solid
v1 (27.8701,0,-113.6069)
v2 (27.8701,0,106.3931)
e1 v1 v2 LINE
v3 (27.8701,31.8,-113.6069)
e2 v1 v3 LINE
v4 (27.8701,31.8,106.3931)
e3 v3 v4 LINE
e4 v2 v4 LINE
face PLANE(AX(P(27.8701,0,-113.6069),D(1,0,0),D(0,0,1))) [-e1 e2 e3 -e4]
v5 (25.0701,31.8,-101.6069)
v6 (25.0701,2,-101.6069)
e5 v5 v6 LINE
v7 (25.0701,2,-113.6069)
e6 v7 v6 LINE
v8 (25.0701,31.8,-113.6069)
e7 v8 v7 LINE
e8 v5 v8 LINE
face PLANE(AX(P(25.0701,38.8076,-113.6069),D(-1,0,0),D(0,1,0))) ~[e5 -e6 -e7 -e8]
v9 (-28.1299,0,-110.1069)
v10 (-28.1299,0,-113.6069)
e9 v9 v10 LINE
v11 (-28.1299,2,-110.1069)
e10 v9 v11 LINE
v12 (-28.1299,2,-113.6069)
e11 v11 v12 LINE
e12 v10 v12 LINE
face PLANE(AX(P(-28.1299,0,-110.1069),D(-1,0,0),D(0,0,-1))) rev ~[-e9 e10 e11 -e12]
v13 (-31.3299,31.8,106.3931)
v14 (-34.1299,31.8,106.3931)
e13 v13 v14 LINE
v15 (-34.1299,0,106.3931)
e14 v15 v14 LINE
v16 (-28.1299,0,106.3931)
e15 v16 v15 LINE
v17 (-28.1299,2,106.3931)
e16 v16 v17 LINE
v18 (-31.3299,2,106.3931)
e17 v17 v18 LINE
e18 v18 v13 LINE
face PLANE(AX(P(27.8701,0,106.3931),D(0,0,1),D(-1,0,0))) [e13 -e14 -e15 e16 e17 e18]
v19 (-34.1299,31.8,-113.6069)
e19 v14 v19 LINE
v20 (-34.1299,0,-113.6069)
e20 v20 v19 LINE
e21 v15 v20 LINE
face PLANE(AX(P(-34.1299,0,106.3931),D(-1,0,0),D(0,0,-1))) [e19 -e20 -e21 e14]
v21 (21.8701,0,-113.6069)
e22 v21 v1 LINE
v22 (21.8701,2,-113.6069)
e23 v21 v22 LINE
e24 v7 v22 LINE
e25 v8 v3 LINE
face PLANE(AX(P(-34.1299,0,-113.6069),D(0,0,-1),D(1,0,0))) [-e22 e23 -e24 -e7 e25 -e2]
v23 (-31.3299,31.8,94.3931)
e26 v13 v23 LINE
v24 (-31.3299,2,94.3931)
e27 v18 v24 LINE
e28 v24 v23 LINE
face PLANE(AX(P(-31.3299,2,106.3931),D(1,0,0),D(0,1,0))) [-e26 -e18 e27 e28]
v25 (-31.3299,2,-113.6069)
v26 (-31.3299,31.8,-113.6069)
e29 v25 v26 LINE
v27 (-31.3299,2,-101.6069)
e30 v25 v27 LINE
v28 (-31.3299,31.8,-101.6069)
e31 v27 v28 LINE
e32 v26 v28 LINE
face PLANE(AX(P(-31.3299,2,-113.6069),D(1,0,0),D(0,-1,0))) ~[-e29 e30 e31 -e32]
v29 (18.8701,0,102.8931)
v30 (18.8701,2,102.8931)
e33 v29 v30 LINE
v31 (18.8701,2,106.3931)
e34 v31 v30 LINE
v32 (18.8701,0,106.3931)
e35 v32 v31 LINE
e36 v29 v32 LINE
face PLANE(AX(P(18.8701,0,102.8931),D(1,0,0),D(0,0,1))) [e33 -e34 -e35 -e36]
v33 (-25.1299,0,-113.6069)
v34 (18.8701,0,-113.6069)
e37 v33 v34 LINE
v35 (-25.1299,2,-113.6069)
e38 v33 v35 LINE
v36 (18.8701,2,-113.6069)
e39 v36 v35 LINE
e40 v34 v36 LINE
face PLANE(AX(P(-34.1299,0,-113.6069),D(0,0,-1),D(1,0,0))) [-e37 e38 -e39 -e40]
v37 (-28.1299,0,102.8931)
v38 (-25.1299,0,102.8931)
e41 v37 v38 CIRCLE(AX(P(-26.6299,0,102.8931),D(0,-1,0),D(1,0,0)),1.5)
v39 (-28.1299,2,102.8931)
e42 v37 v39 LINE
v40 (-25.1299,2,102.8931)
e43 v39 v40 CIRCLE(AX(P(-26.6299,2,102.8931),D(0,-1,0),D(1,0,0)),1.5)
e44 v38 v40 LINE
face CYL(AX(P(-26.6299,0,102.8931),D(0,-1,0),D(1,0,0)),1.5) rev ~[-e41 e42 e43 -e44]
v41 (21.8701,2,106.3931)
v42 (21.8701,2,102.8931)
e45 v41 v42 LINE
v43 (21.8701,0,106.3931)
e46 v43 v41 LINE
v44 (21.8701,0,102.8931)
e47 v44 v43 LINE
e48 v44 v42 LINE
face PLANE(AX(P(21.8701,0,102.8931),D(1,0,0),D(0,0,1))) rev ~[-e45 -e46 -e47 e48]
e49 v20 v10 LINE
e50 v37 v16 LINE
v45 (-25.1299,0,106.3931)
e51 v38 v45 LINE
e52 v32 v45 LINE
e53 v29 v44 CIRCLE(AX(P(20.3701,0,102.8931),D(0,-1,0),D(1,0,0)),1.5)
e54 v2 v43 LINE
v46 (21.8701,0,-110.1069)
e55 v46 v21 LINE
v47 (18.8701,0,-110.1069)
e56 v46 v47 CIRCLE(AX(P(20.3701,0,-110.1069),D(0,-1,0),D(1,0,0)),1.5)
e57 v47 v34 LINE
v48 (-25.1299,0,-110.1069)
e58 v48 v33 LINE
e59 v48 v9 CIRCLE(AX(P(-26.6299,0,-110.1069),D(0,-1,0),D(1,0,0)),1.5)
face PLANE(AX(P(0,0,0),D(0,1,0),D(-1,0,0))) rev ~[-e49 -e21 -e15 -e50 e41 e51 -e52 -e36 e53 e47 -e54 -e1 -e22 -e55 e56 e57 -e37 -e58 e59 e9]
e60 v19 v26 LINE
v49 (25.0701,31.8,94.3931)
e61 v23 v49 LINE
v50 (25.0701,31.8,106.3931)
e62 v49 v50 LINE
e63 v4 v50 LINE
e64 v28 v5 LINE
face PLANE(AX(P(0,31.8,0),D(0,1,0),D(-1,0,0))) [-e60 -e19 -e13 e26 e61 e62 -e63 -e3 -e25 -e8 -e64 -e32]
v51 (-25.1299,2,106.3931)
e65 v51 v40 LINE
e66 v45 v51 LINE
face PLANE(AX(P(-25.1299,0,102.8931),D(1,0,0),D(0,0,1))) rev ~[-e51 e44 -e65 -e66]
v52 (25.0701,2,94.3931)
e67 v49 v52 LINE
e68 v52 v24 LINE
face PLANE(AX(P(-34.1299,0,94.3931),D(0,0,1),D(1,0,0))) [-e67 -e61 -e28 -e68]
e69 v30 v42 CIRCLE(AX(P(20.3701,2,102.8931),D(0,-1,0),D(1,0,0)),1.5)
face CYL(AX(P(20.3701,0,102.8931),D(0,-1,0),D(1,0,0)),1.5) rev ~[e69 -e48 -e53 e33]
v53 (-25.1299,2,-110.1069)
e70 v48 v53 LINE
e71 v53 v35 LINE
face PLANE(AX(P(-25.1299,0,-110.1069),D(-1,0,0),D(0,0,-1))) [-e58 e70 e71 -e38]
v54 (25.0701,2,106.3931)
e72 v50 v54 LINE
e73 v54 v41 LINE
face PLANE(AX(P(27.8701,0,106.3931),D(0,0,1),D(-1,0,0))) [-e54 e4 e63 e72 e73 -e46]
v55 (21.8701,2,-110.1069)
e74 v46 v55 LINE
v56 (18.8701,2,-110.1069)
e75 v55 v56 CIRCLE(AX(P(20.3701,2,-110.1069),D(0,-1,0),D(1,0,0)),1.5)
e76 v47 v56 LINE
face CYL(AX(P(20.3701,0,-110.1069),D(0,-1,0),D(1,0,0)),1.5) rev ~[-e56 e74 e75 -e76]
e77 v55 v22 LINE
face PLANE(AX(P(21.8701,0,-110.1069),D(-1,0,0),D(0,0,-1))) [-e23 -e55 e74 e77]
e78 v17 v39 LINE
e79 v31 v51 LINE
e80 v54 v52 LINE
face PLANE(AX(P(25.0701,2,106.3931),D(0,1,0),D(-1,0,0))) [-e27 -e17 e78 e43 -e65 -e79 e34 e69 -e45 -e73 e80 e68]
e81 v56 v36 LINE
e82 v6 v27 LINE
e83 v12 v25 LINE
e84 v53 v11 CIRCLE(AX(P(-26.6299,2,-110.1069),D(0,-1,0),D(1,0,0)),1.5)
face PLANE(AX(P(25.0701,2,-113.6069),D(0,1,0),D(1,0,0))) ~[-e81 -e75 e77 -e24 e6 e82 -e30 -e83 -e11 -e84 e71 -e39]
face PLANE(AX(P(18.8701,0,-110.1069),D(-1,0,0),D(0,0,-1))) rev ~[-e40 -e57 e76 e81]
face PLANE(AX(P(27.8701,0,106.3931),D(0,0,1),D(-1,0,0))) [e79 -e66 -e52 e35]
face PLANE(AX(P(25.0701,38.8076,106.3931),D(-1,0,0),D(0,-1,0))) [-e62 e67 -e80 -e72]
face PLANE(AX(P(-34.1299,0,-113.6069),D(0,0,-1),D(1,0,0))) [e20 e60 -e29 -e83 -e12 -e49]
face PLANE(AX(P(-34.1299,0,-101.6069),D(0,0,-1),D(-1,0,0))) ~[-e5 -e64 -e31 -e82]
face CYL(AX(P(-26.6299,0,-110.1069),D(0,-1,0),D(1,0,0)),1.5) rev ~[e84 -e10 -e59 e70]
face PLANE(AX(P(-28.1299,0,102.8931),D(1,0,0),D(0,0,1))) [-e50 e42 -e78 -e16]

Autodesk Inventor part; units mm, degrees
ref_plane "YZ Plane" through (0, 0, 0) normal (1, 0, 0) x (0, 1, 0)
ref_plane "XZ Plane" through (0, 0, 0) normal (0, 1, 0) x (-1, 0, 0)
sketch "Sketch1" plane through (0, 0, 0) normal (0, 1, 0) x (-1, 0, 0)
  line L0 (34.1299, -113.6069) -> (-27.8701, -113.6069)
  line L1 (-27.8701, -113.6069) -> (-27.8701, 106.3931)
  line L2 (-27.8701, 106.3931) -> (34.1299, 106.3931)
  line L3 (34.1299, 106.3931) -> (34.1299, -113.6069)
  line L4 (34.1299, -113.6069) -> (-27.8701, 106.3931) construction
  line L5 (-27.8701, -113.6069) -> (34.1299, 106.3931) construction
  point P0 (0, 0)
  point P1 (3.1299, -3.6069)
  dimension "d0" = 62
  dimension "d1" = 220
extrude "Extrusion1" add sketch "Sketch1" along normal blind 31.8
sketch "Sketch2" plane through (-34.1299, 0, 106.3931) normal (0, 0, 1) x (1, 0, 0)
  line L0 (62, 0) -> (0, 0) projected
  line L1 (62, 0) -> (62, 31.8) projected
  line L2 (0, 0) -> (0, 31.8) projected
  line L3 (2.8, 38.8076) -> (59.2, 38.8076)
  line L4 (59.2, 38.8076) -> (59.2, 2)
  line L5 (59.2, 2) -> (2.8, 2)
  line L6 (2.8, 2) -> (2.8, 38.8076)
  point P0 (34.1299, 0)
  dimension "d4" = 2.8
  dimension "d5" = 2.8
  dimension "d6" = 2
extrude "Extrusion2" cut sketch "Sketch2" against normal blind 12
ref_plane "Work Plane1" through (27.8701, 0, -3.6069) normal (0, 0, -1) x (-1, 0, 0)
mirror "Mirror1" about plane through (27.8701, 0, -3.6069) normal (0, 0, -1) of "Extrusion2"
sketch "Sketch3" plane through (0, 0, 0) normal (0, -1, 0) x (1, 0, 0)
  line L0 (-34.1299, -113.6069) -> (27.8701, -113.6069) projected
  line L1 (27.8701, -113.6069) -> (27.8701, 106.3931) projected
  line L2 (27.8701, 106.3931) -> (-34.1299, 106.3931) projected
  line L3 (-34.1299, 106.3931) -> (-34.1299, -113.6069) projected
  line L4 (-26.6299, 106.3931) -> (-26.6299, 102.8931)
  circle A0 centre (-26.6299, 102.8931) radius 1.5
  line L5 (-28.1299, 102.8931) -> (-28.1299, 106.3931)
  line L6 (-25.1299, 102.8931) -> (-25.1299, 106.3931)
  line L7 (20.3701, 106.3931) -> (20.3701, 102.8931)
  circle A1 centre (20.3701, 102.8931) radius 1.5
  line L8 (21.8701, 102.8931) -> (21.8701, 106.3931)
  line L9 (18.8701, 102.8931) -> (18.8701, 106.3931)
  line L10 (-26.6299, -113.6069) -> (-26.6299, -110.1069)
  circle A2 centre (-26.6299, -110.1069) radius 1.5
  line L11 (-25.1299, -110.1069) -> (-25.1299, -113.6069)
  line L12 (-28.1299, -110.1069) -> (-28.1299, -113.6069)
  line L13 (20.3701, -113.6069) -> (20.3701, -110.1069)
  circle A3 centre (20.3701, -110.1069) radius 1.5
  line L14 (18.8701, -110.1069) -> (18.8701, -113.6069)
  line L15 (21.8701, -110.1069) -> (21.8701, -113.6069)
  point P0 (0, 0)
  dimension "d9" = 3
  dimension "d10" = 3.5
  dimension "d11" = 6
  dimension "d12" = 3.5
  dimension "d14" = 3
  dimension "d15" = 3.5
  dimension "d16" = 3
  dimension "d18" = 3.5
  dimension "d19" = 3
  dimension "d23" = 6
  dimension "d24" = 6
  dimension "d25" = 6
extrude "Extrusion3" cut sketch "Sketch3" against normal blind 12 contours L12 A2 L10 L0 | L10 A2 L11 L0 | A2 | L2 L4 A0 L5 | L2 L6 A0 L4 | A0 | L14 A3 L13 L0 | L13 A3 L15 L0 | A3 | L2 L7 A1 L9 | L2 L8 A1 L7 | A1
properties part number "5v_psu"
